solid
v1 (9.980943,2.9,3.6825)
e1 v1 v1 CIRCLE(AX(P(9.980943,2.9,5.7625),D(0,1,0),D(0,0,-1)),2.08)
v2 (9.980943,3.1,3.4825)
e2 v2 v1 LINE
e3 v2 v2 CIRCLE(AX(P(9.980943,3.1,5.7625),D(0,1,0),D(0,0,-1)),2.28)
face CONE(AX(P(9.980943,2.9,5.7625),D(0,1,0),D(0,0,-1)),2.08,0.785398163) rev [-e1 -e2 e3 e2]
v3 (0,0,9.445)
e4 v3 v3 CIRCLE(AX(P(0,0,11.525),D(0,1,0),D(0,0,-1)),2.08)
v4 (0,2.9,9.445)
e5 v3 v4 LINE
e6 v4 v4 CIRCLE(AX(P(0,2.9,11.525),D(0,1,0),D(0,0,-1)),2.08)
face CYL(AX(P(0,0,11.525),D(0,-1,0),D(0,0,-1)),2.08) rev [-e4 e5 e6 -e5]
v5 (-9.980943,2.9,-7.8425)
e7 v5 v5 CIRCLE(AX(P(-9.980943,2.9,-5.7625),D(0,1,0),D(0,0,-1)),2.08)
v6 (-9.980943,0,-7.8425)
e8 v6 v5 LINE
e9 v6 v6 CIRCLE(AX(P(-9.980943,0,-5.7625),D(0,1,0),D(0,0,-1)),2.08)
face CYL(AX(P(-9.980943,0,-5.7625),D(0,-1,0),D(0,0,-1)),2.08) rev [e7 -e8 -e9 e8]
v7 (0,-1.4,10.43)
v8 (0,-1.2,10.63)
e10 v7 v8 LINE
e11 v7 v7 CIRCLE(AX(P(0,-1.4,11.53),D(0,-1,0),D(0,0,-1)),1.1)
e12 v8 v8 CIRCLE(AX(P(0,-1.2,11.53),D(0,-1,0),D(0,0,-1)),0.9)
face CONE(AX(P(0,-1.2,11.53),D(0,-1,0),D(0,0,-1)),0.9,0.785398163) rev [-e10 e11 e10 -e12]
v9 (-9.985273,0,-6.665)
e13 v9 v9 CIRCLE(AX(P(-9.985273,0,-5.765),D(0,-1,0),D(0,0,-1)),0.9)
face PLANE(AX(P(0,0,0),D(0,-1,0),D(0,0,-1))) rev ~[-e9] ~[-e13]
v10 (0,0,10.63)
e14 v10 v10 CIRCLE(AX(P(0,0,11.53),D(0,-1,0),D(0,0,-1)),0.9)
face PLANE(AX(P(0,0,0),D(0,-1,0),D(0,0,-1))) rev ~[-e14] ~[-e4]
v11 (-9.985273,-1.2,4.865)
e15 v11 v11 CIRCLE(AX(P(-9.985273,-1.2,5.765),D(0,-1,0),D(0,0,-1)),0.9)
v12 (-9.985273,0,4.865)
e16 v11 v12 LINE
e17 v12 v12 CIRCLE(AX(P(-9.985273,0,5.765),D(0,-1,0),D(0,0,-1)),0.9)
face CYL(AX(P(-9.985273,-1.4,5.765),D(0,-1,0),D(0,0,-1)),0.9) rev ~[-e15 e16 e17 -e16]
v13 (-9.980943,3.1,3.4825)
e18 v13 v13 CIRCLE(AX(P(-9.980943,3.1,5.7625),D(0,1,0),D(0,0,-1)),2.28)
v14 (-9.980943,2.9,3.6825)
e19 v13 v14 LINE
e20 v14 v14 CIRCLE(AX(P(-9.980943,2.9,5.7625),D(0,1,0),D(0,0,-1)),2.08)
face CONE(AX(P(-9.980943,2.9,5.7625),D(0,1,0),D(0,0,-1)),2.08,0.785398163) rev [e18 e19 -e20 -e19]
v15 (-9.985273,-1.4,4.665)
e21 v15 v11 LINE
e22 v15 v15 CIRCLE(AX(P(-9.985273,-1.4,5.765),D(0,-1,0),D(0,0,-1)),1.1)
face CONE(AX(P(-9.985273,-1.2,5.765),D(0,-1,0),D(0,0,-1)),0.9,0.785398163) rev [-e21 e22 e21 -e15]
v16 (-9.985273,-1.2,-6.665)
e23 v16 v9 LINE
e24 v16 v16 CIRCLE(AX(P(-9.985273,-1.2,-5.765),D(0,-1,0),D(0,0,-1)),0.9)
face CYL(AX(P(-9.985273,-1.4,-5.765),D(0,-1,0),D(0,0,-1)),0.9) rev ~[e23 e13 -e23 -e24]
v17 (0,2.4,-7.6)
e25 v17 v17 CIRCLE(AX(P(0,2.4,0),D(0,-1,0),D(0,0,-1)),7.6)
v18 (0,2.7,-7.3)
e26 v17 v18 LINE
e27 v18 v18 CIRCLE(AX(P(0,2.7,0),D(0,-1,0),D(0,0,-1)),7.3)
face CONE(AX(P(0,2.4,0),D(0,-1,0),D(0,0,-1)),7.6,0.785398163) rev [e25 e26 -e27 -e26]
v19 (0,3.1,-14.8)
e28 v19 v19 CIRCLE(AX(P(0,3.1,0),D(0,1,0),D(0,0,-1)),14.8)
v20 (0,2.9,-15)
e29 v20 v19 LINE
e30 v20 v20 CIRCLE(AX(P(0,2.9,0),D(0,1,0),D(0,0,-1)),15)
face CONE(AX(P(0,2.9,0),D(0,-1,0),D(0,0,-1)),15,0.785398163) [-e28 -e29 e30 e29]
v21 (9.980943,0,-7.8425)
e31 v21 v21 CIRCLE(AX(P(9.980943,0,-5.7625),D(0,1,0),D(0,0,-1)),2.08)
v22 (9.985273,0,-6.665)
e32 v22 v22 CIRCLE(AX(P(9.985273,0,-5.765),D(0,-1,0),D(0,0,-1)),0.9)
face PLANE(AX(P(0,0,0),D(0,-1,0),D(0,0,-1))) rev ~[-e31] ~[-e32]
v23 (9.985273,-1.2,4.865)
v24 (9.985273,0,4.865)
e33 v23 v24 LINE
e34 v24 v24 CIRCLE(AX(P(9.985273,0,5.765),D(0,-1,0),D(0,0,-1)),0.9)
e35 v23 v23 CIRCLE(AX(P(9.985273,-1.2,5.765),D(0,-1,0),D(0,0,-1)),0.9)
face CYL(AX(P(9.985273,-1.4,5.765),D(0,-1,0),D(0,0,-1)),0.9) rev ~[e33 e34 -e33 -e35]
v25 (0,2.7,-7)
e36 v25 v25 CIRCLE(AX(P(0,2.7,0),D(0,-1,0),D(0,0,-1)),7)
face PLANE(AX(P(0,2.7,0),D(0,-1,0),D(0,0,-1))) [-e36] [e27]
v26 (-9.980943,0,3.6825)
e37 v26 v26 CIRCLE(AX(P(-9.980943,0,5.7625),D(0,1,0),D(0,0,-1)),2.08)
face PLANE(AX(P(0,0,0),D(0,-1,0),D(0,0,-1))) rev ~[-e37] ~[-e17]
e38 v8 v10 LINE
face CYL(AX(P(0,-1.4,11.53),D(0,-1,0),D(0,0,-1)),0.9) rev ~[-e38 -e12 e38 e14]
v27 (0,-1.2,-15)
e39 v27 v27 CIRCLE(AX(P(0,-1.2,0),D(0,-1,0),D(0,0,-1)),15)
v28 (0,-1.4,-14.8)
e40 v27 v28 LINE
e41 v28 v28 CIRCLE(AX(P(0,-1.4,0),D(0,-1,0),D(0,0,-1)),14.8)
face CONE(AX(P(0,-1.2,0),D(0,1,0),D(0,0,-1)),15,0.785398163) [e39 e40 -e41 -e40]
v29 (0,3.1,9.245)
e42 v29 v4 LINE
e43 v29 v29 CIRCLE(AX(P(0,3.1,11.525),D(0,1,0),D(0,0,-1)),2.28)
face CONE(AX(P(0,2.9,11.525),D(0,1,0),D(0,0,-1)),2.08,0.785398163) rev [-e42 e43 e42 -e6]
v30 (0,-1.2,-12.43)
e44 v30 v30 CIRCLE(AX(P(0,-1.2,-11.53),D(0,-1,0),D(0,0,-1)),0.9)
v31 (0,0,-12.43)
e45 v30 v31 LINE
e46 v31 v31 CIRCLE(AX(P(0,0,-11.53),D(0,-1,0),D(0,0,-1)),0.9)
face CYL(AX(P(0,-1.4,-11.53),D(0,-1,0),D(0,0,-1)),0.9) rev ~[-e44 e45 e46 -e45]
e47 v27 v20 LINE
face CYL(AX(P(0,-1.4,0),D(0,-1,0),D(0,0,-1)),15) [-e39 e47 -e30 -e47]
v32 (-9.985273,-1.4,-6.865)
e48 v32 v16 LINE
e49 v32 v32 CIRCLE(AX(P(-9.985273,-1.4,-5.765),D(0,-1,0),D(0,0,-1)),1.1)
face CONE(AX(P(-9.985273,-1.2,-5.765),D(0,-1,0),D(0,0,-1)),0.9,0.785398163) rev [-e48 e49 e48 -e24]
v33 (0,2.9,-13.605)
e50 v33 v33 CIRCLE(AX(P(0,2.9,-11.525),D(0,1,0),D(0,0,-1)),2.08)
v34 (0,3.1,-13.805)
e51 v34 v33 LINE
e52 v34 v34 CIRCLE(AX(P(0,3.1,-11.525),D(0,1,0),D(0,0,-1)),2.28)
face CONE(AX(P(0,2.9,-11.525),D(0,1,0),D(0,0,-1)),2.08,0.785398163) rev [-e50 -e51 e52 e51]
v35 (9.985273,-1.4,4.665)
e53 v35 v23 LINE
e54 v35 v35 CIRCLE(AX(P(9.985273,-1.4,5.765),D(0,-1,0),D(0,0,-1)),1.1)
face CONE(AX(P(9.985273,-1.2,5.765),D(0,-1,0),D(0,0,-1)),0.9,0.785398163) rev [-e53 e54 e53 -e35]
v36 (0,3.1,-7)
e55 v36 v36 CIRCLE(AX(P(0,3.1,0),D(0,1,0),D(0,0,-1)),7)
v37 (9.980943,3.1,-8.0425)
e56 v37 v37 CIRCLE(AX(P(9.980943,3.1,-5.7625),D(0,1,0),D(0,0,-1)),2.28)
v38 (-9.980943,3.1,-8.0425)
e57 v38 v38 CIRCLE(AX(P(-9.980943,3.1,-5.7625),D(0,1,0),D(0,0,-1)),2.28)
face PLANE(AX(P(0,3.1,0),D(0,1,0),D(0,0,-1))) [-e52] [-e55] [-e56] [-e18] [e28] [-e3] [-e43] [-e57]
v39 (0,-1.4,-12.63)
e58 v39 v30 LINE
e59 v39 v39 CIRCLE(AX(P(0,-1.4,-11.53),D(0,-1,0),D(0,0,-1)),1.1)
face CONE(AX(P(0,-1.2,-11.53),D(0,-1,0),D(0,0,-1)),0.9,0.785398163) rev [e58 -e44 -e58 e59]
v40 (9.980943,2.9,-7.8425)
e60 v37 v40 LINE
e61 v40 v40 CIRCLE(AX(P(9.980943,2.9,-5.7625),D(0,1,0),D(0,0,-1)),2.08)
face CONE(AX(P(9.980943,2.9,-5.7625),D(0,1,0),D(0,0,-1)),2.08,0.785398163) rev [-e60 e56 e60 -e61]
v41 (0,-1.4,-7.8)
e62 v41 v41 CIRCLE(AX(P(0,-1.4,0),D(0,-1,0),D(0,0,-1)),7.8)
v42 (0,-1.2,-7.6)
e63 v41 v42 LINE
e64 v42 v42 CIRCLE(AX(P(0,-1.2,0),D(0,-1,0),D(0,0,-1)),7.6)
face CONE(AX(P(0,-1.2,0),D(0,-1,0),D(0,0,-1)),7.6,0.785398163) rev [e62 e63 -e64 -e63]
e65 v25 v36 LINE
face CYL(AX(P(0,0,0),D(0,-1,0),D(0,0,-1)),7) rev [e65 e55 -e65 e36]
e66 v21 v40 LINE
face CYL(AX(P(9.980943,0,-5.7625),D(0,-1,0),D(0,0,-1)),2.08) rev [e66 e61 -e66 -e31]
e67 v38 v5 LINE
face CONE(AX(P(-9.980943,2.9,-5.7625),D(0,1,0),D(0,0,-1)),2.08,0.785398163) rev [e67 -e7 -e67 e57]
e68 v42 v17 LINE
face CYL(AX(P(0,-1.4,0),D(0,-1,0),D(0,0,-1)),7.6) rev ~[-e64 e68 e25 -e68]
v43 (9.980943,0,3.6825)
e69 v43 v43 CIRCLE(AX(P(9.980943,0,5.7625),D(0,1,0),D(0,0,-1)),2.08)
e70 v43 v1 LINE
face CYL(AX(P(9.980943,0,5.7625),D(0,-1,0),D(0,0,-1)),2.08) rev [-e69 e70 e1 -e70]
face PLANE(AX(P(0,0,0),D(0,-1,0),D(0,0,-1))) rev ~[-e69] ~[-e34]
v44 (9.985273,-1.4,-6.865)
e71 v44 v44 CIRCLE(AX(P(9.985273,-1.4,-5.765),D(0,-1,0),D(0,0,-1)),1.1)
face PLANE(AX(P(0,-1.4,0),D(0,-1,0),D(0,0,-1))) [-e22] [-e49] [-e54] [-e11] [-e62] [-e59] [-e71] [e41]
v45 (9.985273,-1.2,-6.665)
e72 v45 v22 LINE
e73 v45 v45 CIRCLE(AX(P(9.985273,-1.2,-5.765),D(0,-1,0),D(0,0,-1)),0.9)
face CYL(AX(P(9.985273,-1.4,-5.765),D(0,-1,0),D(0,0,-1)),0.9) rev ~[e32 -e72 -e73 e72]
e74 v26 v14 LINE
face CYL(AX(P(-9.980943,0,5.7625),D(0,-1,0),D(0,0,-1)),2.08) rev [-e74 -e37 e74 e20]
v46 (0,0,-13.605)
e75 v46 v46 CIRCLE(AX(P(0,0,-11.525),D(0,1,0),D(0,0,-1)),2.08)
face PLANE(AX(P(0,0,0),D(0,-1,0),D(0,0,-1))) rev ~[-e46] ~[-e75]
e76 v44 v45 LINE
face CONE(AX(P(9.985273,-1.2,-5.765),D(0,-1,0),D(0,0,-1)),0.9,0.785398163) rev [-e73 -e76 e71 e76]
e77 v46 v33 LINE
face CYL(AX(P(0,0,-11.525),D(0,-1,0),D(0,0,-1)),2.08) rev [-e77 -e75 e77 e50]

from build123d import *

# Parameters (mm, degrees)
SKETCH_1_R          = 15
SKETCH_1_R_2        = 7
SKETCH_1_R_3        = 2.08
EXTRUDE_1_DEPTH     = 3.1
EXTRUDE_START       = 1.4
SKETCH_2_R          = 15
SKETCH_2_R_2        = 7
SKETCH_2_R_3        = 0.9
EXTRUDE_2_DEPTH     = 1.4
SKETCH_3_R          = 7.6
CUT_EXTRUDE_1_DEPTH = 4.1
CHAMFER_1_SIZE      = 0.2
CHAMFER_2_SIZE      = 0.3


with BuildPart() as part:
    # 草图1 → 凸台-拉伸1 (new body)
    with BuildSketch(Plane(origin=(0, 0, 0), x_dir=(1, 0, 0), z_dir=(0, 1, 0))):
        with Locations(Location((0, 0, 0), (0, 0, 90))):
            Circle(SKETCH_1_R)
        with Locations(Location((0, 0, 0), (0, 0, 90))):
            Circle(SKETCH_1_R_2, mode=Mode.SUBTRACT)
        with Locations(Location((0, 11.525, 0), (0, 0, 90))):
            Circle(SKETCH_1_R_3, mode=Mode.SUBTRACT)
        with Locations(Location((9.980942779, 5.7625, 0), (0, 0, 90))):
            Circle(SKETCH_1_R_3, mode=Mode.SUBTRACT)
        with Locations(Location((9.980942779, -5.7625, 0), (0, 0, 90))):
            Circle(SKETCH_1_R_3, mode=Mode.SUBTRACT)
        with Locations(Location((0, -11.525, 0), (0, 0, 90))):
            Circle(SKETCH_1_R_3, mode=Mode.SUBTRACT)
        with Locations(Location((-9.980942779, -5.7625, 0), (0, 0, 90))):
            Circle(SKETCH_1_R_3, mode=Mode.SUBTRACT)
        with Locations(Location((-9.980942779, 5.7625, 0), (0, 0, 90))):
            Circle(SKETCH_1_R_3, mode=Mode.SUBTRACT)
    extrude(amount=EXTRUDE_1_DEPTH)

    # 草图2 → 凸台-拉伸2 (add)
    with BuildSketch(Plane(origin=(0, 0, 0), x_dir=(-1, 0, 0), z_dir=(0, -1, 0)).offset(EXTRUDE_START)):
        with Locations(Location((0, 0, 0), (0, 0, 90))):
            Circle(SKETCH_2_R)
        with Locations(Location((0, 0, 0), (0, 0, 90))):
            Circle(SKETCH_2_R_2, mode=Mode.SUBTRACT)
        with Locations(Location((0, 11.53, 0), (0, 0, 90))):
            Circle(SKETCH_2_R_3, mode=Mode.SUBTRACT)
        with Locations(Location((9.985272906, 5.765, 0), (0, 0, 90))):
            Circle(SKETCH_2_R_3, mode=Mode.SUBTRACT)
        with Locations(Location((9.985272906, -5.765, 0), (0, 0, 90))):
            Circle(SKETCH_2_R_3, mode=Mode.SUBTRACT)
        with Locations(Location((0, -11.53, 0), (0, 0, 90))):
            Circle(SKETCH_2_R_3, mode=Mode.SUBTRACT)
        with Locations(Location((-9.985272906, -5.765, 0), (0, 0, 90))):
            Circle(SKETCH_2_R_3, mode=Mode.SUBTRACT)
        with Locations(Location((-9.985272906, 5.765, 0), (0, 0, 90))):
            Circle(SKETCH_2_R_3, mode=Mode.SUBTRACT)
    extrude(amount=-EXTRUDE_2_DEPTH)

    # 草图3 → 切除-拉伸1 (cut)
    with BuildSketch(Plane(origin=(0, -1.4, 0), x_dir=(-1, 0, 0), z_dir=(0, -1, 0))):
        with Locations(Location((0, 0, 0), (0, 0, 90))):
            Circle(SKETCH_3_R)
    extrude(amount=-CUT_EXTRUDE_1_DEPTH, mode=Mode.SUBTRACT)

    # 倒角1
    chamfer_1_edges = [part.edges().sort_by_distance(p)[0] for p in [
        (9.980942779, 3.1, -3.6825),
        (9.980942779, 3.1, 7.8425),
        (0, 3.1, 13.605),
        (-9.980942779, 3.1, 7.8425),
        (-9.980942779, 3.1, -3.6825),
        (0, -1.4, 15),
        (0, -1.4, -10.63),
        (-9.985272906, -1.4, -4.865),
        (-9.985272906, -1.4, 6.665),
        (0, -1.4, 12.43),
        (9.985272906, -1.4, 6.665),
        (9.985272906, -1.4, -4.865),
        (0, 3.1, 15),
        (0, -1.4, 7.6),
        (0, 3.1, -9.445),
    ]]
    chamfer(chamfer_1_edges, length=CHAMFER_1_SIZE)

    # 倒角2
    chamfer_2_edges = [part.edges().sort_by_distance(p)[0] for p in [
        (0, 2.7, 7.6),
    ]]
    chamfer(chamfer_2_edges, length=CHAMFER_2_SIZE)


solid = part.part
